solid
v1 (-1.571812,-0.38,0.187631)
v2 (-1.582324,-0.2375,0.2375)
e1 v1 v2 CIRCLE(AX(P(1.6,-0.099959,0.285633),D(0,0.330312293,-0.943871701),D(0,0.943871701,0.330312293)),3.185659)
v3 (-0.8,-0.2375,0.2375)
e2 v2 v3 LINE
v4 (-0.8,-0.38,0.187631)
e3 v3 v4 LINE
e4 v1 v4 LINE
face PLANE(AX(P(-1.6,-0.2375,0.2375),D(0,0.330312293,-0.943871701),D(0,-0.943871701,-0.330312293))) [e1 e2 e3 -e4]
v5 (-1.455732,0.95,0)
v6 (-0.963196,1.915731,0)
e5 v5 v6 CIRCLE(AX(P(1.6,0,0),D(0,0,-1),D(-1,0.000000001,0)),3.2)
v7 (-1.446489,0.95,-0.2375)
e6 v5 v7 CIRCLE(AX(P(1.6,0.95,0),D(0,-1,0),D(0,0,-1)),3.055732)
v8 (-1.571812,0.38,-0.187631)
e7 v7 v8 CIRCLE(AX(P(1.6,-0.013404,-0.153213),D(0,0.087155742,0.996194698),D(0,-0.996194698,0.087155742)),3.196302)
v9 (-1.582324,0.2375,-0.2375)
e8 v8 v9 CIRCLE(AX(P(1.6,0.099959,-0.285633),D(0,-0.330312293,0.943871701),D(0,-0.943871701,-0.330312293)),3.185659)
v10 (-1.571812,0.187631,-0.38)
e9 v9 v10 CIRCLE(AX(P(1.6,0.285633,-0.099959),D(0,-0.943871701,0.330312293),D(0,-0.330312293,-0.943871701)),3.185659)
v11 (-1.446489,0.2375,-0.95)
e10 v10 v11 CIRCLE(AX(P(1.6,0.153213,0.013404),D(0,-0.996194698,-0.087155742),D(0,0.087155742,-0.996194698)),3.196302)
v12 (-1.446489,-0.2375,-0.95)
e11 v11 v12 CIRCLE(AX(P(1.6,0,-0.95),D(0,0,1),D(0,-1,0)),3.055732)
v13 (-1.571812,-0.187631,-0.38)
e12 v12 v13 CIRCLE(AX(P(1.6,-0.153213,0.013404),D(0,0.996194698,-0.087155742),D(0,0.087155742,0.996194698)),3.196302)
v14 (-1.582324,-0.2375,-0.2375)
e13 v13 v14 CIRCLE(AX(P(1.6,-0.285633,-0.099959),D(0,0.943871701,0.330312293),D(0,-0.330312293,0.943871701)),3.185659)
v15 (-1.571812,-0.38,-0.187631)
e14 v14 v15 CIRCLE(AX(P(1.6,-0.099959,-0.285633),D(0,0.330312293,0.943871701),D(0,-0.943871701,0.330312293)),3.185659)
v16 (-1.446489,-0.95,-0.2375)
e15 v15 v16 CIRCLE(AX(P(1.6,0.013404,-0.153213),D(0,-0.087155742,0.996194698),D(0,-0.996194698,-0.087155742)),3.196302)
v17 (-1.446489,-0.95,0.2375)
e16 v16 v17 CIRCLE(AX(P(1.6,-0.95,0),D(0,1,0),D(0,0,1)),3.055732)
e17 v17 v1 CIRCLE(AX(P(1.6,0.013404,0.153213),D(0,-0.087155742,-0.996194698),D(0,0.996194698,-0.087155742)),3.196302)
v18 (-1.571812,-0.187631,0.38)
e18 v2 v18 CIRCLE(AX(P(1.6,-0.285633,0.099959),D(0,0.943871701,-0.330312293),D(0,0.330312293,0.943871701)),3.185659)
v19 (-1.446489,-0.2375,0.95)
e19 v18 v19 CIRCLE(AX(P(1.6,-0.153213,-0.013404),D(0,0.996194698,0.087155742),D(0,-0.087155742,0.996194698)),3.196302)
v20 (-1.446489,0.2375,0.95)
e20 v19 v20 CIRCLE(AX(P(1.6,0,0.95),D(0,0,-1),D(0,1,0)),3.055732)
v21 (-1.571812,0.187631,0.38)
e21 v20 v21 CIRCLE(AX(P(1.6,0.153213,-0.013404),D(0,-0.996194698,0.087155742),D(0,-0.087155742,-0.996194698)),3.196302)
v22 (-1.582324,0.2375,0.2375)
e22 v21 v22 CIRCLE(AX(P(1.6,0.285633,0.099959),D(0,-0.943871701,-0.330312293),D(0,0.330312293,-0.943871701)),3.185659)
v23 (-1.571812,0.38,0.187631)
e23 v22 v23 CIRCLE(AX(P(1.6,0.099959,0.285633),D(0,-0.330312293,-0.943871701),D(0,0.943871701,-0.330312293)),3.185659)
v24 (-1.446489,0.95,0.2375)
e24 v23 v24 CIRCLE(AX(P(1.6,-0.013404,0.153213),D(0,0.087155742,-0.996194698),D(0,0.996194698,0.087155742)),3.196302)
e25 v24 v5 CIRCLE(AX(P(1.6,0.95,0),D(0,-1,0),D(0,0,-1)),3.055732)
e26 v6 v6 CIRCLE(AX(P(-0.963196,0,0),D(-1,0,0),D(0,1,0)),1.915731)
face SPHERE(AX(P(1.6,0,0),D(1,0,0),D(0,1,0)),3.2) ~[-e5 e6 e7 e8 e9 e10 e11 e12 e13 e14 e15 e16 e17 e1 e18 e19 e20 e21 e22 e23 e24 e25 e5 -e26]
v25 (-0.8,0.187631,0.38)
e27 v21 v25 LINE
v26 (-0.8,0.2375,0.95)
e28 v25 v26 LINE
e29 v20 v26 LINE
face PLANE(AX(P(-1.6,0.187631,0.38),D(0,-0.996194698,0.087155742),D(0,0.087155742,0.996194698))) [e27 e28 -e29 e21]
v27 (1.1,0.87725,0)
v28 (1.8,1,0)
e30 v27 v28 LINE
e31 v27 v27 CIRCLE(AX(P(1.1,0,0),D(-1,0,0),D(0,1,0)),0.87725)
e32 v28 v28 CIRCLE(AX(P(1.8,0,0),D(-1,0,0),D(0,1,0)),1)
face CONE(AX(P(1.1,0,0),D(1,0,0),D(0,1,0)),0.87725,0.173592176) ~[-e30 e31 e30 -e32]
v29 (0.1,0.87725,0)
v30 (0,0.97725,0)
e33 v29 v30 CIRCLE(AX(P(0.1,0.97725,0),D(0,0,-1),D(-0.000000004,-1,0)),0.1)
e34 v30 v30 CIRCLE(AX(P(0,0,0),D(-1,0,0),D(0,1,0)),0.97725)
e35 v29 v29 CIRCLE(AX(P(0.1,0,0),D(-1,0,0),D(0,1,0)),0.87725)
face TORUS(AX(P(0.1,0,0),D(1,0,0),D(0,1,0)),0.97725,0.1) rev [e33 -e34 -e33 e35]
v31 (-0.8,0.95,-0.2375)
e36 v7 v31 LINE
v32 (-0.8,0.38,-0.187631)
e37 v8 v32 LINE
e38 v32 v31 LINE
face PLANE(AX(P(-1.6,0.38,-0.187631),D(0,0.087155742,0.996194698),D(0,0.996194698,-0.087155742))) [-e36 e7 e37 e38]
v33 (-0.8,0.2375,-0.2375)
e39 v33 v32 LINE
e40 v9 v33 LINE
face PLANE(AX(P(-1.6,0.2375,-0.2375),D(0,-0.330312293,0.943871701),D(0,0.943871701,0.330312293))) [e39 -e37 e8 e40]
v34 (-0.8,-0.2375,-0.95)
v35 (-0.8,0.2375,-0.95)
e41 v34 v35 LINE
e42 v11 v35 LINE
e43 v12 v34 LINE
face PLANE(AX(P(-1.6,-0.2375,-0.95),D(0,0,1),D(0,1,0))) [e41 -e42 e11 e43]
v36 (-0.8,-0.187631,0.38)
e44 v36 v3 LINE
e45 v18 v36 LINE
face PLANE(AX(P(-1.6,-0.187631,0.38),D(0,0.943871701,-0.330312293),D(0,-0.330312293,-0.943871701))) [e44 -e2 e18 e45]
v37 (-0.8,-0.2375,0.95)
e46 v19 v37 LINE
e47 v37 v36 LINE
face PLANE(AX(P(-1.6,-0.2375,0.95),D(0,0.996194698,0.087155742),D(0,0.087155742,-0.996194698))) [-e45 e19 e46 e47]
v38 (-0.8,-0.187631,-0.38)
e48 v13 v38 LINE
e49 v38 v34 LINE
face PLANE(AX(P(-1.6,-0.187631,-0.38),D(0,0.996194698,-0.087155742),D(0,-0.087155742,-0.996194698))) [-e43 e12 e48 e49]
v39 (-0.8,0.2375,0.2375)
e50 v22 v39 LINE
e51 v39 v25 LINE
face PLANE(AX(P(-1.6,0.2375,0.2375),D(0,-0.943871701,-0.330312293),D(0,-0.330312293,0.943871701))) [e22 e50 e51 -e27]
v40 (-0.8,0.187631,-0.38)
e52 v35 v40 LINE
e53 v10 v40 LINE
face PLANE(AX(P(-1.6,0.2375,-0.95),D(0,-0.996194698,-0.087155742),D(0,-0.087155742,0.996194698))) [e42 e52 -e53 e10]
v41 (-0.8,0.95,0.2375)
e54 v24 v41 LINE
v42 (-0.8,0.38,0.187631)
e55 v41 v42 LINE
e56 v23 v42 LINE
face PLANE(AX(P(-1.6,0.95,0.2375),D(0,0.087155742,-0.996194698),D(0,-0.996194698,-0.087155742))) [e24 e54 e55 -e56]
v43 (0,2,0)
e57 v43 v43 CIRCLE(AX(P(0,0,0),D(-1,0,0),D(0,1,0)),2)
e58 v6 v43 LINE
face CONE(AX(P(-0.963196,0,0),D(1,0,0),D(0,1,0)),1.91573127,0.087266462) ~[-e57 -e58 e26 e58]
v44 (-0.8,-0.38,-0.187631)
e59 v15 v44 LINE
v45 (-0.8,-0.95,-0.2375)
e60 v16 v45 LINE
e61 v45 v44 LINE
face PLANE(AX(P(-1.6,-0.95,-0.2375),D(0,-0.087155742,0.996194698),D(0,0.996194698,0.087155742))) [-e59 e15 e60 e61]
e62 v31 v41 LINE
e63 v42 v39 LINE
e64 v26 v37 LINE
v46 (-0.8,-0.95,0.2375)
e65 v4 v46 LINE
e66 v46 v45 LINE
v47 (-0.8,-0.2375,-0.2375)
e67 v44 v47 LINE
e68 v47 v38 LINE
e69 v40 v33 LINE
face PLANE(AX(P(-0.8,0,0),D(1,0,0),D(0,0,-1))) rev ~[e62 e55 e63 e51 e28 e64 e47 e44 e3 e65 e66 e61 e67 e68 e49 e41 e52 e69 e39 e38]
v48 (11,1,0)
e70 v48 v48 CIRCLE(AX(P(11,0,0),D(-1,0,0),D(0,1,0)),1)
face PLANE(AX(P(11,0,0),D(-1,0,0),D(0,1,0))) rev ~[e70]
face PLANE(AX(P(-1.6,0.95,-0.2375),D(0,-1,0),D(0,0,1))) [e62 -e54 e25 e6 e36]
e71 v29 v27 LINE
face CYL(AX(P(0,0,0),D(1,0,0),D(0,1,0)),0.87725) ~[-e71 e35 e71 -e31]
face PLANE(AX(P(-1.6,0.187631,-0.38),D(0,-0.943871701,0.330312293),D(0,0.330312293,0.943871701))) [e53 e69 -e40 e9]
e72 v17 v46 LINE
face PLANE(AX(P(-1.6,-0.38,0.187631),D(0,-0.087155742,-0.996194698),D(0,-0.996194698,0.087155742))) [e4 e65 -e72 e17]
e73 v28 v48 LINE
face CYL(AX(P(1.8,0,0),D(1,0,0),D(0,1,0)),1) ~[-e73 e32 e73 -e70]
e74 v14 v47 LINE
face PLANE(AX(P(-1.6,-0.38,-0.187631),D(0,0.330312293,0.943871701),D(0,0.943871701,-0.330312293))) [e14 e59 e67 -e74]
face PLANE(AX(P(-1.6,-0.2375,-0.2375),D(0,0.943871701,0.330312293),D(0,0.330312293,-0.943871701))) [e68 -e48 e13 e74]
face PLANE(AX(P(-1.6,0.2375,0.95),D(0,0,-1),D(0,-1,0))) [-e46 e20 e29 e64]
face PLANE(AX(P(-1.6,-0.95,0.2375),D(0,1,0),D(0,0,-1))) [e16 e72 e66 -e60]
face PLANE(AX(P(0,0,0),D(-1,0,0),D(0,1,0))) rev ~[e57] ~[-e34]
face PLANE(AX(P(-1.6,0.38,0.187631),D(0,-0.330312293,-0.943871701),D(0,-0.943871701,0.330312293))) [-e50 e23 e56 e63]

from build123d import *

# Parameters (mm, degrees)
CUT_EXTRUDE1_DEPTH = 0.8


with BuildPart() as part:
    # Sketch1 → Revolve1 (revolve)
    with BuildSketch(Plane.XY):
        with BuildLine():
            Line((-0.963195994, 1.91573127), (0, 2))
            Line((0, 2), (0, 0.87725))
            Line((0, 0.87725), (1.1, 0.87725))
            Line((1.1, 0.87725), (1.8, 1))
            Line((1.8, 1), (11, 1))
            Line((11, 1), (11, 0))
            Line((11, 0), (-1.6, 0))
            ThreePointArc((-1.6, 0), (-1.436628655, 1.009399034), (-0.963195994, 1.91573127))
        make_face()
    revolve(axis=Axis((11, 0, 0), (-1, 0, 0)))

    # Sketch2 → Revolve2 (revolve)
    with BuildSketch(Plane.XY):
        with BuildLine():
            Line((-0.1, 0.77725), (1.1, 0.77725))
            Line((1.1, 0.77725), (1.1, 0.87725))
            Line((1.1, 0.87725), (0.1, 0.87725))
            ThreePointArc((0.1, 0.87725), (0.029289322, 0.906539322), (0, 0.97725))
            Line((0, 0.97725), (-0.1, 0.97725))
            Line((-0.1, 0.97725), (-0.1, 0.77725))
        make_face()
    revolve(axis=Axis((1.1, 0, 0), (-1, 0, 0)))

    # Sketch3 → Cut-Extrude1 (cut)
    with BuildSketch(Plane(origin=(-1.6, 0, 0), x_dir=(0, 0, -1), z_dir=(1, 0, 0))):
        Polygon((-0.95, 0.2375), (-0.95, -0.2375), (-0.38, -0.187631462), (-0.2375, -0.2375), (-0.187631462, -0.38), (-0.2375, -0.95), (0.2375, -0.95), (0.187631462, -0.38), (0.2375, -0.2375), (0.38, -0.187631462), (0.95, -0.2375), (0.95, 0.2375), (0.38, 0.187631462), (0.2375, 0.2375), (0.187631462, 0.38), (0.2375, 0.95), (-0.2375, 0.95), (-0.187631462, 0.38), (-0.2375, 0.2375), (-0.38, 0.187631462), align=None)
    extrude(amount=CUT_EXTRUDE1_DEPTH, mode=Mode.SUBTRACT)


solid = part.part
